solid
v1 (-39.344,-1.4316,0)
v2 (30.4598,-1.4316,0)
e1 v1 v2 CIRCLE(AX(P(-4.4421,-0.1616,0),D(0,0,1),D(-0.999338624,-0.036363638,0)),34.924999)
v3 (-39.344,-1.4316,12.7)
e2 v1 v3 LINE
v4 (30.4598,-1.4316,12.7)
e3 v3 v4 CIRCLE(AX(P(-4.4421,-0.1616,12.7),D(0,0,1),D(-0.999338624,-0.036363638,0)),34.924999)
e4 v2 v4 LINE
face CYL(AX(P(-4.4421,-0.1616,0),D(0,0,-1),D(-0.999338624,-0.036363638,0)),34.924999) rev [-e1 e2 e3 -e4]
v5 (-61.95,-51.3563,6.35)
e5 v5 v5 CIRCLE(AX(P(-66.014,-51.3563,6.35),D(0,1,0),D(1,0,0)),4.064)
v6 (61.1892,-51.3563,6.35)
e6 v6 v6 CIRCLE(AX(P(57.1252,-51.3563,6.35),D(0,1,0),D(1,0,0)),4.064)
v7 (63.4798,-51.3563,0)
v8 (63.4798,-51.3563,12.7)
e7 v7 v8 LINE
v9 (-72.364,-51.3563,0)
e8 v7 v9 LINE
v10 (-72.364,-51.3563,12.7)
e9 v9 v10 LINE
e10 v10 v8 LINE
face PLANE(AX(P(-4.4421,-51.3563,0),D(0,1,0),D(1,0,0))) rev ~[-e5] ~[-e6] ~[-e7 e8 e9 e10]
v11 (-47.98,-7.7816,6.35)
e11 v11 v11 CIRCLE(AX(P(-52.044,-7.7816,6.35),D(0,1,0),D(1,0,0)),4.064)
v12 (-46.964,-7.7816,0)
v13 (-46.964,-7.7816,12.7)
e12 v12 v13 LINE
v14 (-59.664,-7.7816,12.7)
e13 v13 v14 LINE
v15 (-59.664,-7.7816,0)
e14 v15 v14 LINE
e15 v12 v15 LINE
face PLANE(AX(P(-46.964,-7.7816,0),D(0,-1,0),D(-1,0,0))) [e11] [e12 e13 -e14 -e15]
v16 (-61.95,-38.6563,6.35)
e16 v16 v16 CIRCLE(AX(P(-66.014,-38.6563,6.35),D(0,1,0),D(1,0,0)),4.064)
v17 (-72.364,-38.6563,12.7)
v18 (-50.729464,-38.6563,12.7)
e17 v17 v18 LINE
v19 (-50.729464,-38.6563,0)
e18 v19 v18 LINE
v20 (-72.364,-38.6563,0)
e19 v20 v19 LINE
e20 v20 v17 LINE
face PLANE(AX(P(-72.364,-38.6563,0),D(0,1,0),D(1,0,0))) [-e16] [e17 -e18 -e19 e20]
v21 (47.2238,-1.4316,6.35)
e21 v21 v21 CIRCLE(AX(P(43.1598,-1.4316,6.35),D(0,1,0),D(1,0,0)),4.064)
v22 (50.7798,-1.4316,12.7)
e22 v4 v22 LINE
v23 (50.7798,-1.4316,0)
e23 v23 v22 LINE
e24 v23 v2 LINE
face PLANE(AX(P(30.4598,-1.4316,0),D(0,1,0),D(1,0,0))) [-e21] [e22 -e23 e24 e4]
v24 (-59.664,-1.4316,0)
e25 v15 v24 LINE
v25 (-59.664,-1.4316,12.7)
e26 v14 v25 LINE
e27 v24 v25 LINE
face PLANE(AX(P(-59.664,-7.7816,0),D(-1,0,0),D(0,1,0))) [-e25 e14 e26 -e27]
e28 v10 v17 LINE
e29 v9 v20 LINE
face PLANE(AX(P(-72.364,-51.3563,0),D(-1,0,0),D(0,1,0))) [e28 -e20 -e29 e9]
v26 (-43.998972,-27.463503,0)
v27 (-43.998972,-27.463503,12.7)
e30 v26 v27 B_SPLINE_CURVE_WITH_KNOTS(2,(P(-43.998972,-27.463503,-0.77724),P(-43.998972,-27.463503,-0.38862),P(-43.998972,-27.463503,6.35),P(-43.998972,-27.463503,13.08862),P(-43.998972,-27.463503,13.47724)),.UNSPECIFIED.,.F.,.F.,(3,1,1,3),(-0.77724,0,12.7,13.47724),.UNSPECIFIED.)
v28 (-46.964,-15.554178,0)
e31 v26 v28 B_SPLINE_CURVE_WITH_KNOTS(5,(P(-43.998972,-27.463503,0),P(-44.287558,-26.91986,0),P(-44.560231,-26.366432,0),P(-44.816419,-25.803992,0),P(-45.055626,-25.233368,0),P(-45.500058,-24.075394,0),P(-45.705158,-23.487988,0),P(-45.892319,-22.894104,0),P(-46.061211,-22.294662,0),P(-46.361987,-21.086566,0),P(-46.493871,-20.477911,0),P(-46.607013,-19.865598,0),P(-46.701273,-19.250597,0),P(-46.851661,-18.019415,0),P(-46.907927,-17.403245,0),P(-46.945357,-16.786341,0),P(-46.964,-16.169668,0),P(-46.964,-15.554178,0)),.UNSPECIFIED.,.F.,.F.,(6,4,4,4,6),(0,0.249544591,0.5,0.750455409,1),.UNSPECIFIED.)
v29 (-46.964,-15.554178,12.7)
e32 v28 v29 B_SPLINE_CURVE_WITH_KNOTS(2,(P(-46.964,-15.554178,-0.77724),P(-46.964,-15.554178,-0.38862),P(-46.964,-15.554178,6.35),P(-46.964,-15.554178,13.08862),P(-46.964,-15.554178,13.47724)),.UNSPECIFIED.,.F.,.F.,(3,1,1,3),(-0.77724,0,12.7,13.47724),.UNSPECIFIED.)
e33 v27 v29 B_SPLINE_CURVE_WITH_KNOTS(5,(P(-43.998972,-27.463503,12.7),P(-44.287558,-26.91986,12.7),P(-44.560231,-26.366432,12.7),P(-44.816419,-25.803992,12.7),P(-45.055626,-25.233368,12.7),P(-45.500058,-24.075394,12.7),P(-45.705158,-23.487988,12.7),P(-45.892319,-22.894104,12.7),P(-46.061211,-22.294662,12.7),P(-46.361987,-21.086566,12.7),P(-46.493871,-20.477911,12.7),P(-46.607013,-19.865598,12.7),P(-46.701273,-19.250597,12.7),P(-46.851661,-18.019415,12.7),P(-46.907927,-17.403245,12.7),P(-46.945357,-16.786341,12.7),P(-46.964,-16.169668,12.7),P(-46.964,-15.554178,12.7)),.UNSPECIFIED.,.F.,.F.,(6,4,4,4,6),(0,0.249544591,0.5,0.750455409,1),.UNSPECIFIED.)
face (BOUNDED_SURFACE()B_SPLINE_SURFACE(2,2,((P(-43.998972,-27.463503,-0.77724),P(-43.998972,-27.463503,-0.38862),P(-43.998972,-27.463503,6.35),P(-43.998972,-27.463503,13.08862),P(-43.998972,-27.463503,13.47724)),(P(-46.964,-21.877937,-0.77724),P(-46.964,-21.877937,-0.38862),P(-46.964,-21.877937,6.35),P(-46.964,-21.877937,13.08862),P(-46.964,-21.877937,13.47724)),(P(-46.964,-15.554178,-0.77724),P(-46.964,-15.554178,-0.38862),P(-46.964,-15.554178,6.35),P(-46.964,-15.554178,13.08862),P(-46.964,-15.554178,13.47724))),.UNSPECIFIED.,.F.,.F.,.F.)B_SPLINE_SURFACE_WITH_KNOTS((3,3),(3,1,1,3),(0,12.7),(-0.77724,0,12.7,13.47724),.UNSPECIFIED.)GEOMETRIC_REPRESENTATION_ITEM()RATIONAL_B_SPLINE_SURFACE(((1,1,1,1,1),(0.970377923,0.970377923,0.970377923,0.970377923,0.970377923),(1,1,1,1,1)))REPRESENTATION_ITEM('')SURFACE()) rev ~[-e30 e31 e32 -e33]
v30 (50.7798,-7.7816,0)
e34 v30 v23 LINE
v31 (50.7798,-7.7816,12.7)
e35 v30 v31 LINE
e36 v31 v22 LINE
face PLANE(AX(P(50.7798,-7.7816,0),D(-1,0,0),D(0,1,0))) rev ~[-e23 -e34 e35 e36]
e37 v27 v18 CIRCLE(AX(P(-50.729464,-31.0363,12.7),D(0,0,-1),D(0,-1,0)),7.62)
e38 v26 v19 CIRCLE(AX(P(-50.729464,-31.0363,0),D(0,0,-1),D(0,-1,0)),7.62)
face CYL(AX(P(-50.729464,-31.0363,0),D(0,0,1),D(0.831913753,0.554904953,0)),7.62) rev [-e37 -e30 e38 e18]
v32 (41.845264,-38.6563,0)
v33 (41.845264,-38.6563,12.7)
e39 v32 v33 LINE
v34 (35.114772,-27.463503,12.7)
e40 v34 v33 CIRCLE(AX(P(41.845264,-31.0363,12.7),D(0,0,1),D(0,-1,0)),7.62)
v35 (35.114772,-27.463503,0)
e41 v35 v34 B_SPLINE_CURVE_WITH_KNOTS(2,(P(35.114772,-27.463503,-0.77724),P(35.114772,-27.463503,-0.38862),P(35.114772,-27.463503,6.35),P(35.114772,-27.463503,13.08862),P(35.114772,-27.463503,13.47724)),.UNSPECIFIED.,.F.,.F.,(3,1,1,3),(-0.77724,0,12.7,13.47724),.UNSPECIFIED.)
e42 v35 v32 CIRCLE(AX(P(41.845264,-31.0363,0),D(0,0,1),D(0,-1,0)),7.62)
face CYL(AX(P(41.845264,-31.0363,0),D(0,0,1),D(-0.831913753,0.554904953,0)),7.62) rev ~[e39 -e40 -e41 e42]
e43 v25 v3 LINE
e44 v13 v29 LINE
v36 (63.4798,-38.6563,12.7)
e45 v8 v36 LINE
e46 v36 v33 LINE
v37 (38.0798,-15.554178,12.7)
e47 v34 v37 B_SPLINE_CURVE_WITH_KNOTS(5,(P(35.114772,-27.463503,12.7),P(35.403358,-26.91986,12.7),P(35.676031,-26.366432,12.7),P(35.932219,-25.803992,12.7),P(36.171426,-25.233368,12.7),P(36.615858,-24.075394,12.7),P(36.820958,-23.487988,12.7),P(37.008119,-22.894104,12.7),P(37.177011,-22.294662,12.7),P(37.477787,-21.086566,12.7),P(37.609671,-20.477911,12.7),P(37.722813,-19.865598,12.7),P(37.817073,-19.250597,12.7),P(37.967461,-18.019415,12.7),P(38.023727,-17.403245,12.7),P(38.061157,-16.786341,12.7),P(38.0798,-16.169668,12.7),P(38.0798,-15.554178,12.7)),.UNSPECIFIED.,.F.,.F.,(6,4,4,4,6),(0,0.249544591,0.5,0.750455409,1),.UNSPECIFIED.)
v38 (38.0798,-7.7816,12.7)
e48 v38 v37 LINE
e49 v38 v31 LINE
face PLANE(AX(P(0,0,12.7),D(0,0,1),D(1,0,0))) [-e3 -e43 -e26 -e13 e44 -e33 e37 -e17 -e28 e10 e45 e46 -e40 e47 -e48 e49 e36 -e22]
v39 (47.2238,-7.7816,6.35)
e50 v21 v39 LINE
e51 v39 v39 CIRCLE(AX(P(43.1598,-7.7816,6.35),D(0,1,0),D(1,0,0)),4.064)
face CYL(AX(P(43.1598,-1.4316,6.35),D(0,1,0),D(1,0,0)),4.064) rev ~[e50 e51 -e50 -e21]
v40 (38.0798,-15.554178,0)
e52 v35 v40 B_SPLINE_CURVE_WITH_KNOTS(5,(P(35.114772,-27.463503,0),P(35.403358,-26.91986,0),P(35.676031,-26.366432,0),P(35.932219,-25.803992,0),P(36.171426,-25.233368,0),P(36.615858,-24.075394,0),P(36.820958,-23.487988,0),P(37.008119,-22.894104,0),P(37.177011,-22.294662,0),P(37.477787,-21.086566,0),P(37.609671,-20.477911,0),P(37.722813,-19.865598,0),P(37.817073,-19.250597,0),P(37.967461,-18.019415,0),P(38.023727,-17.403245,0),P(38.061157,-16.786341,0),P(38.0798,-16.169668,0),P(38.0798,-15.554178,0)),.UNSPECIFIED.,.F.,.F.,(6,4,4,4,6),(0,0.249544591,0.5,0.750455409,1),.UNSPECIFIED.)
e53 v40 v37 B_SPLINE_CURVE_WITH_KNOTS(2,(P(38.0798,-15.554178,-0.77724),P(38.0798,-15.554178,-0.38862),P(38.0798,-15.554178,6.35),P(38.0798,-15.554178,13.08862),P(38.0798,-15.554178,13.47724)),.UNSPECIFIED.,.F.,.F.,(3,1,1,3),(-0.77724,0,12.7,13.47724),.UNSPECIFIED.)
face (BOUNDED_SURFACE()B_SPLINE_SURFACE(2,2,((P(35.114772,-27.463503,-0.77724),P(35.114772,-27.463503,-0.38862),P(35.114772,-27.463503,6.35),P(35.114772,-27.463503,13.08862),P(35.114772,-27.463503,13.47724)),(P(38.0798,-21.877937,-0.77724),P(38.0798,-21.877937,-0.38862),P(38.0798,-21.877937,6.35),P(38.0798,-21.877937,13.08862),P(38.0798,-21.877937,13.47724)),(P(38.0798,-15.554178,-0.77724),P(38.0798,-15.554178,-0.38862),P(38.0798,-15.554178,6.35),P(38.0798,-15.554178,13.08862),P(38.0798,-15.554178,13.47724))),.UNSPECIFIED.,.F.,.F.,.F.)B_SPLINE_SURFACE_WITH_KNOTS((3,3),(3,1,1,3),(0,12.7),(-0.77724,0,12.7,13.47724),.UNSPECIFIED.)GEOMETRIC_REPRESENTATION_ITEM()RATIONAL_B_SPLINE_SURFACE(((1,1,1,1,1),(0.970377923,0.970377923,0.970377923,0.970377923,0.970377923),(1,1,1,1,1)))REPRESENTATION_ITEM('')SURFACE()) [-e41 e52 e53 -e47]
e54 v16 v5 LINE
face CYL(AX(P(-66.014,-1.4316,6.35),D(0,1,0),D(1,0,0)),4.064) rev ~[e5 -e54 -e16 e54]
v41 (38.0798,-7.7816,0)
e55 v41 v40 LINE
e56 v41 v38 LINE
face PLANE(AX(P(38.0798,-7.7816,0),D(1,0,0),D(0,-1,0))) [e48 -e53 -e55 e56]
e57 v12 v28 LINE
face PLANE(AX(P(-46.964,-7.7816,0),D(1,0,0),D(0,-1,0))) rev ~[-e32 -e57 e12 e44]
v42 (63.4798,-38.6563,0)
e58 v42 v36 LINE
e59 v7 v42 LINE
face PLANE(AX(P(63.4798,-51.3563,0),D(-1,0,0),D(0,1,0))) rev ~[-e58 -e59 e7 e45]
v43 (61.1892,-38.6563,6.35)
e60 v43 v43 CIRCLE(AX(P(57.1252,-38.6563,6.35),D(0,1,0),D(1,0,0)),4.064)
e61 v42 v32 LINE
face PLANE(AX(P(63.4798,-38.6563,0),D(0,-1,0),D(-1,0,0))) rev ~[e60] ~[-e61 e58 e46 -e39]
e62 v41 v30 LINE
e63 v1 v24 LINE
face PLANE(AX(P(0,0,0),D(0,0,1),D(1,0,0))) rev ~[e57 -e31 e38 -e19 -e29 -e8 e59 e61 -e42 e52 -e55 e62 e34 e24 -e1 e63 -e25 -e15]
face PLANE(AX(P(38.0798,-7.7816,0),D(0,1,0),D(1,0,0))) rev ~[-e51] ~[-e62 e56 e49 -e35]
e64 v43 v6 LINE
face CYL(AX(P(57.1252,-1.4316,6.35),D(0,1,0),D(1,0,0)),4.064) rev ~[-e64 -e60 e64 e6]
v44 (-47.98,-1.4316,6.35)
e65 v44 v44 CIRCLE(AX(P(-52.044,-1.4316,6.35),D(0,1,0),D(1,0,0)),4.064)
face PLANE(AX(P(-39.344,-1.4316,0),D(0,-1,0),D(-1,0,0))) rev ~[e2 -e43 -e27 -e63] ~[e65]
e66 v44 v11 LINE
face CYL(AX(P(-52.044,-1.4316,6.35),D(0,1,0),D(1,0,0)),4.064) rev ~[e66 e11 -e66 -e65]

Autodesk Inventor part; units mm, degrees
ref_plane "YZ Plane" through (0, 0, 0) normal (1, 0, 0) x (0, 1, 0)
ref_plane "XZ Plane" through (0, 0, 0) normal (0, 1, 0) x (-1, 0, 0)
ref_plane "XY Plane" through (0, 0, 0) normal (0, 0, 1) x (1, 0, 0)
sketch "Sketch1" plane through (0, 0, 0) normal (0, 0, 1) x (1, 0, 0)
  arc A0 (-39.344, -1.4316) -> (30.4598, -1.4316) centre (-4.4421, -0.1616) ccw
  line L0 (-39.344, -1.4316) -> (-39.3671, -1.4316)
  line L1 (-39.344, -1.4316) -> (-52.044, -1.4316)
  line L2 (30.4598, -1.4316) -> (43.1598, -1.4316)
  arc A1 (-46.964, -22.4724) -> (38.0798, -22.4724) centre (-4.4421, -0.1616) ccw
  line L3 (-4.4421, -48.1813) -> (-4.4421, -51.3563)
  line L4 (-4.4421, -51.3563) -> (-72.364, -51.3563)
  line L5 (-4.4421, -51.3563) -> (63.4798, -51.3563)
  line L6 (-52.044, -1.4316) -> (-59.664, -1.4316)
  line L7 (43.1598, -1.4316) -> (50.7798, -1.4316)
  line L8 (30.4598, -1.4316) -> (38.0798, -1.4316)
  line L9 (38.0798, -1.4316) -> (38.0798, -22.4724)
  line L10 (-39.344, -1.4316) -> (-45.694, -1.4316)
  line L11 (-39.344, -1.4316) -> (-46.964, -1.4316)
  line L12 (-46.964, -1.4316) -> (-46.964, -22.4724)
  line L13 (-46.964, -7.7816) -> (-59.664, -7.7816)
  line L14 (-59.664, -7.7816) -> (-59.664, -1.4316)
  line L15 (38.0798, -7.7816) -> (50.7798, -7.7816)
  line L16 (50.7798, -7.7816) -> (50.7798, -1.4316)
  line L17 (-72.364, -51.3563) -> (-72.364, -38.6563)
  line L18 (63.4798, -51.3563) -> (63.4798, -38.6563)
  line L19 (-72.364, -38.6563) -> (-33.1483, -38.6563)
  line L20 (63.4798, -38.6563) -> (24.2642, -38.6563)
  point P0 (0, 0)
  dimension "d0" = 69.85
  dimension "d1" = 12.7
  dimension "d2" = 12.7
  dimension "d3" = 3.175
  dimension "d4" = 7.62
  dimension "d5" = 7.62
  dimension "d6" = 7.62
  dimension "d7" = 7.62
  dimension "d8" = 6.35
  dimension "d9" = 6.35
  dimension "d10" = 12.7
  dimension "d11" = 12.7
  dimension "d12" = 12.7
  dimension "d13" = 12.7
extrude "Extrusion1" add sketch "Sketch1" along normal blind 12.7
fillet "Fillet1" radius 7.62 2 edges at (24.2642, -38.6563, 6.35) (-33.1483, -38.6563, 6.35)
fillet "Fillet2" radius 25.4 2 edges at (-46.964, -22.4724, 6.35) (38.0798, -22.4724, 6.35)
sketch "Sketch2" plane through (-59.664, -1.4316, 0) normal (0, 1, 0) x (1, 0, 0)
  line L0 (20.32, 0) -> (20.32, -12.7) projected
  line L1 (0, 0) -> (20.32, 0)
  circle A0 centre (7.62, -6.35) radius 4.064
  circle A1 centre (102.8238, -6.35) radius 4.064
  line L2 (90.1238, 0) -> (90.1238, -12.7) projected
  line L3 (-12.7, 0) -> (-12.7, -12.7) projected
  line L4 (-12.7, -12.7) -> (0, -12.7)
  line L5 (0, -12.7) -> (0, 0)
  line L6 (0, 0) -> (-12.7, 0)
  line L7 (-12.7, 0) -> (-12.7, -12.7)
  line L8 (110.4438, 0) -> (110.4438, -12.7) projected
  line L9 (-12.7, 0) -> (123.1438, 0) projected
  line L10 (110.4438, -12.7) -> (123.1438, -12.7)
  line L11 (123.1438, -12.7) -> (123.1438, 0)
  line L12 (123.1438, 0) -> (110.4438, 0)
  line L13 (110.4438, 0) -> (110.4438, -12.7)
  circle A2 centre (-6.35, -6.35) radius 4.064
  circle A3 centre (116.7892, -6.35) radius 4.064
  point P0 (59.664, 0)
  dimension "d18" = 12.7
  dimension "d19" = 8.128
  dimension "d20" = 12.7
  dimension "d21" = 8.128
  dimension "d22" = 8.128
  dimension "d23" = 8.128
  dimension "d28" = 123.1392
extrude "Extrusion2" cut sketch "Sketch2" against normal blind 25.4 contours A0 | A1
extrude "Extrusion3" cut sketch "Sketch2" against normal blind 76.2 contours A2 | A3
properties part number "REAL MOTOR MOUNT 2.75 BOTTOM"
